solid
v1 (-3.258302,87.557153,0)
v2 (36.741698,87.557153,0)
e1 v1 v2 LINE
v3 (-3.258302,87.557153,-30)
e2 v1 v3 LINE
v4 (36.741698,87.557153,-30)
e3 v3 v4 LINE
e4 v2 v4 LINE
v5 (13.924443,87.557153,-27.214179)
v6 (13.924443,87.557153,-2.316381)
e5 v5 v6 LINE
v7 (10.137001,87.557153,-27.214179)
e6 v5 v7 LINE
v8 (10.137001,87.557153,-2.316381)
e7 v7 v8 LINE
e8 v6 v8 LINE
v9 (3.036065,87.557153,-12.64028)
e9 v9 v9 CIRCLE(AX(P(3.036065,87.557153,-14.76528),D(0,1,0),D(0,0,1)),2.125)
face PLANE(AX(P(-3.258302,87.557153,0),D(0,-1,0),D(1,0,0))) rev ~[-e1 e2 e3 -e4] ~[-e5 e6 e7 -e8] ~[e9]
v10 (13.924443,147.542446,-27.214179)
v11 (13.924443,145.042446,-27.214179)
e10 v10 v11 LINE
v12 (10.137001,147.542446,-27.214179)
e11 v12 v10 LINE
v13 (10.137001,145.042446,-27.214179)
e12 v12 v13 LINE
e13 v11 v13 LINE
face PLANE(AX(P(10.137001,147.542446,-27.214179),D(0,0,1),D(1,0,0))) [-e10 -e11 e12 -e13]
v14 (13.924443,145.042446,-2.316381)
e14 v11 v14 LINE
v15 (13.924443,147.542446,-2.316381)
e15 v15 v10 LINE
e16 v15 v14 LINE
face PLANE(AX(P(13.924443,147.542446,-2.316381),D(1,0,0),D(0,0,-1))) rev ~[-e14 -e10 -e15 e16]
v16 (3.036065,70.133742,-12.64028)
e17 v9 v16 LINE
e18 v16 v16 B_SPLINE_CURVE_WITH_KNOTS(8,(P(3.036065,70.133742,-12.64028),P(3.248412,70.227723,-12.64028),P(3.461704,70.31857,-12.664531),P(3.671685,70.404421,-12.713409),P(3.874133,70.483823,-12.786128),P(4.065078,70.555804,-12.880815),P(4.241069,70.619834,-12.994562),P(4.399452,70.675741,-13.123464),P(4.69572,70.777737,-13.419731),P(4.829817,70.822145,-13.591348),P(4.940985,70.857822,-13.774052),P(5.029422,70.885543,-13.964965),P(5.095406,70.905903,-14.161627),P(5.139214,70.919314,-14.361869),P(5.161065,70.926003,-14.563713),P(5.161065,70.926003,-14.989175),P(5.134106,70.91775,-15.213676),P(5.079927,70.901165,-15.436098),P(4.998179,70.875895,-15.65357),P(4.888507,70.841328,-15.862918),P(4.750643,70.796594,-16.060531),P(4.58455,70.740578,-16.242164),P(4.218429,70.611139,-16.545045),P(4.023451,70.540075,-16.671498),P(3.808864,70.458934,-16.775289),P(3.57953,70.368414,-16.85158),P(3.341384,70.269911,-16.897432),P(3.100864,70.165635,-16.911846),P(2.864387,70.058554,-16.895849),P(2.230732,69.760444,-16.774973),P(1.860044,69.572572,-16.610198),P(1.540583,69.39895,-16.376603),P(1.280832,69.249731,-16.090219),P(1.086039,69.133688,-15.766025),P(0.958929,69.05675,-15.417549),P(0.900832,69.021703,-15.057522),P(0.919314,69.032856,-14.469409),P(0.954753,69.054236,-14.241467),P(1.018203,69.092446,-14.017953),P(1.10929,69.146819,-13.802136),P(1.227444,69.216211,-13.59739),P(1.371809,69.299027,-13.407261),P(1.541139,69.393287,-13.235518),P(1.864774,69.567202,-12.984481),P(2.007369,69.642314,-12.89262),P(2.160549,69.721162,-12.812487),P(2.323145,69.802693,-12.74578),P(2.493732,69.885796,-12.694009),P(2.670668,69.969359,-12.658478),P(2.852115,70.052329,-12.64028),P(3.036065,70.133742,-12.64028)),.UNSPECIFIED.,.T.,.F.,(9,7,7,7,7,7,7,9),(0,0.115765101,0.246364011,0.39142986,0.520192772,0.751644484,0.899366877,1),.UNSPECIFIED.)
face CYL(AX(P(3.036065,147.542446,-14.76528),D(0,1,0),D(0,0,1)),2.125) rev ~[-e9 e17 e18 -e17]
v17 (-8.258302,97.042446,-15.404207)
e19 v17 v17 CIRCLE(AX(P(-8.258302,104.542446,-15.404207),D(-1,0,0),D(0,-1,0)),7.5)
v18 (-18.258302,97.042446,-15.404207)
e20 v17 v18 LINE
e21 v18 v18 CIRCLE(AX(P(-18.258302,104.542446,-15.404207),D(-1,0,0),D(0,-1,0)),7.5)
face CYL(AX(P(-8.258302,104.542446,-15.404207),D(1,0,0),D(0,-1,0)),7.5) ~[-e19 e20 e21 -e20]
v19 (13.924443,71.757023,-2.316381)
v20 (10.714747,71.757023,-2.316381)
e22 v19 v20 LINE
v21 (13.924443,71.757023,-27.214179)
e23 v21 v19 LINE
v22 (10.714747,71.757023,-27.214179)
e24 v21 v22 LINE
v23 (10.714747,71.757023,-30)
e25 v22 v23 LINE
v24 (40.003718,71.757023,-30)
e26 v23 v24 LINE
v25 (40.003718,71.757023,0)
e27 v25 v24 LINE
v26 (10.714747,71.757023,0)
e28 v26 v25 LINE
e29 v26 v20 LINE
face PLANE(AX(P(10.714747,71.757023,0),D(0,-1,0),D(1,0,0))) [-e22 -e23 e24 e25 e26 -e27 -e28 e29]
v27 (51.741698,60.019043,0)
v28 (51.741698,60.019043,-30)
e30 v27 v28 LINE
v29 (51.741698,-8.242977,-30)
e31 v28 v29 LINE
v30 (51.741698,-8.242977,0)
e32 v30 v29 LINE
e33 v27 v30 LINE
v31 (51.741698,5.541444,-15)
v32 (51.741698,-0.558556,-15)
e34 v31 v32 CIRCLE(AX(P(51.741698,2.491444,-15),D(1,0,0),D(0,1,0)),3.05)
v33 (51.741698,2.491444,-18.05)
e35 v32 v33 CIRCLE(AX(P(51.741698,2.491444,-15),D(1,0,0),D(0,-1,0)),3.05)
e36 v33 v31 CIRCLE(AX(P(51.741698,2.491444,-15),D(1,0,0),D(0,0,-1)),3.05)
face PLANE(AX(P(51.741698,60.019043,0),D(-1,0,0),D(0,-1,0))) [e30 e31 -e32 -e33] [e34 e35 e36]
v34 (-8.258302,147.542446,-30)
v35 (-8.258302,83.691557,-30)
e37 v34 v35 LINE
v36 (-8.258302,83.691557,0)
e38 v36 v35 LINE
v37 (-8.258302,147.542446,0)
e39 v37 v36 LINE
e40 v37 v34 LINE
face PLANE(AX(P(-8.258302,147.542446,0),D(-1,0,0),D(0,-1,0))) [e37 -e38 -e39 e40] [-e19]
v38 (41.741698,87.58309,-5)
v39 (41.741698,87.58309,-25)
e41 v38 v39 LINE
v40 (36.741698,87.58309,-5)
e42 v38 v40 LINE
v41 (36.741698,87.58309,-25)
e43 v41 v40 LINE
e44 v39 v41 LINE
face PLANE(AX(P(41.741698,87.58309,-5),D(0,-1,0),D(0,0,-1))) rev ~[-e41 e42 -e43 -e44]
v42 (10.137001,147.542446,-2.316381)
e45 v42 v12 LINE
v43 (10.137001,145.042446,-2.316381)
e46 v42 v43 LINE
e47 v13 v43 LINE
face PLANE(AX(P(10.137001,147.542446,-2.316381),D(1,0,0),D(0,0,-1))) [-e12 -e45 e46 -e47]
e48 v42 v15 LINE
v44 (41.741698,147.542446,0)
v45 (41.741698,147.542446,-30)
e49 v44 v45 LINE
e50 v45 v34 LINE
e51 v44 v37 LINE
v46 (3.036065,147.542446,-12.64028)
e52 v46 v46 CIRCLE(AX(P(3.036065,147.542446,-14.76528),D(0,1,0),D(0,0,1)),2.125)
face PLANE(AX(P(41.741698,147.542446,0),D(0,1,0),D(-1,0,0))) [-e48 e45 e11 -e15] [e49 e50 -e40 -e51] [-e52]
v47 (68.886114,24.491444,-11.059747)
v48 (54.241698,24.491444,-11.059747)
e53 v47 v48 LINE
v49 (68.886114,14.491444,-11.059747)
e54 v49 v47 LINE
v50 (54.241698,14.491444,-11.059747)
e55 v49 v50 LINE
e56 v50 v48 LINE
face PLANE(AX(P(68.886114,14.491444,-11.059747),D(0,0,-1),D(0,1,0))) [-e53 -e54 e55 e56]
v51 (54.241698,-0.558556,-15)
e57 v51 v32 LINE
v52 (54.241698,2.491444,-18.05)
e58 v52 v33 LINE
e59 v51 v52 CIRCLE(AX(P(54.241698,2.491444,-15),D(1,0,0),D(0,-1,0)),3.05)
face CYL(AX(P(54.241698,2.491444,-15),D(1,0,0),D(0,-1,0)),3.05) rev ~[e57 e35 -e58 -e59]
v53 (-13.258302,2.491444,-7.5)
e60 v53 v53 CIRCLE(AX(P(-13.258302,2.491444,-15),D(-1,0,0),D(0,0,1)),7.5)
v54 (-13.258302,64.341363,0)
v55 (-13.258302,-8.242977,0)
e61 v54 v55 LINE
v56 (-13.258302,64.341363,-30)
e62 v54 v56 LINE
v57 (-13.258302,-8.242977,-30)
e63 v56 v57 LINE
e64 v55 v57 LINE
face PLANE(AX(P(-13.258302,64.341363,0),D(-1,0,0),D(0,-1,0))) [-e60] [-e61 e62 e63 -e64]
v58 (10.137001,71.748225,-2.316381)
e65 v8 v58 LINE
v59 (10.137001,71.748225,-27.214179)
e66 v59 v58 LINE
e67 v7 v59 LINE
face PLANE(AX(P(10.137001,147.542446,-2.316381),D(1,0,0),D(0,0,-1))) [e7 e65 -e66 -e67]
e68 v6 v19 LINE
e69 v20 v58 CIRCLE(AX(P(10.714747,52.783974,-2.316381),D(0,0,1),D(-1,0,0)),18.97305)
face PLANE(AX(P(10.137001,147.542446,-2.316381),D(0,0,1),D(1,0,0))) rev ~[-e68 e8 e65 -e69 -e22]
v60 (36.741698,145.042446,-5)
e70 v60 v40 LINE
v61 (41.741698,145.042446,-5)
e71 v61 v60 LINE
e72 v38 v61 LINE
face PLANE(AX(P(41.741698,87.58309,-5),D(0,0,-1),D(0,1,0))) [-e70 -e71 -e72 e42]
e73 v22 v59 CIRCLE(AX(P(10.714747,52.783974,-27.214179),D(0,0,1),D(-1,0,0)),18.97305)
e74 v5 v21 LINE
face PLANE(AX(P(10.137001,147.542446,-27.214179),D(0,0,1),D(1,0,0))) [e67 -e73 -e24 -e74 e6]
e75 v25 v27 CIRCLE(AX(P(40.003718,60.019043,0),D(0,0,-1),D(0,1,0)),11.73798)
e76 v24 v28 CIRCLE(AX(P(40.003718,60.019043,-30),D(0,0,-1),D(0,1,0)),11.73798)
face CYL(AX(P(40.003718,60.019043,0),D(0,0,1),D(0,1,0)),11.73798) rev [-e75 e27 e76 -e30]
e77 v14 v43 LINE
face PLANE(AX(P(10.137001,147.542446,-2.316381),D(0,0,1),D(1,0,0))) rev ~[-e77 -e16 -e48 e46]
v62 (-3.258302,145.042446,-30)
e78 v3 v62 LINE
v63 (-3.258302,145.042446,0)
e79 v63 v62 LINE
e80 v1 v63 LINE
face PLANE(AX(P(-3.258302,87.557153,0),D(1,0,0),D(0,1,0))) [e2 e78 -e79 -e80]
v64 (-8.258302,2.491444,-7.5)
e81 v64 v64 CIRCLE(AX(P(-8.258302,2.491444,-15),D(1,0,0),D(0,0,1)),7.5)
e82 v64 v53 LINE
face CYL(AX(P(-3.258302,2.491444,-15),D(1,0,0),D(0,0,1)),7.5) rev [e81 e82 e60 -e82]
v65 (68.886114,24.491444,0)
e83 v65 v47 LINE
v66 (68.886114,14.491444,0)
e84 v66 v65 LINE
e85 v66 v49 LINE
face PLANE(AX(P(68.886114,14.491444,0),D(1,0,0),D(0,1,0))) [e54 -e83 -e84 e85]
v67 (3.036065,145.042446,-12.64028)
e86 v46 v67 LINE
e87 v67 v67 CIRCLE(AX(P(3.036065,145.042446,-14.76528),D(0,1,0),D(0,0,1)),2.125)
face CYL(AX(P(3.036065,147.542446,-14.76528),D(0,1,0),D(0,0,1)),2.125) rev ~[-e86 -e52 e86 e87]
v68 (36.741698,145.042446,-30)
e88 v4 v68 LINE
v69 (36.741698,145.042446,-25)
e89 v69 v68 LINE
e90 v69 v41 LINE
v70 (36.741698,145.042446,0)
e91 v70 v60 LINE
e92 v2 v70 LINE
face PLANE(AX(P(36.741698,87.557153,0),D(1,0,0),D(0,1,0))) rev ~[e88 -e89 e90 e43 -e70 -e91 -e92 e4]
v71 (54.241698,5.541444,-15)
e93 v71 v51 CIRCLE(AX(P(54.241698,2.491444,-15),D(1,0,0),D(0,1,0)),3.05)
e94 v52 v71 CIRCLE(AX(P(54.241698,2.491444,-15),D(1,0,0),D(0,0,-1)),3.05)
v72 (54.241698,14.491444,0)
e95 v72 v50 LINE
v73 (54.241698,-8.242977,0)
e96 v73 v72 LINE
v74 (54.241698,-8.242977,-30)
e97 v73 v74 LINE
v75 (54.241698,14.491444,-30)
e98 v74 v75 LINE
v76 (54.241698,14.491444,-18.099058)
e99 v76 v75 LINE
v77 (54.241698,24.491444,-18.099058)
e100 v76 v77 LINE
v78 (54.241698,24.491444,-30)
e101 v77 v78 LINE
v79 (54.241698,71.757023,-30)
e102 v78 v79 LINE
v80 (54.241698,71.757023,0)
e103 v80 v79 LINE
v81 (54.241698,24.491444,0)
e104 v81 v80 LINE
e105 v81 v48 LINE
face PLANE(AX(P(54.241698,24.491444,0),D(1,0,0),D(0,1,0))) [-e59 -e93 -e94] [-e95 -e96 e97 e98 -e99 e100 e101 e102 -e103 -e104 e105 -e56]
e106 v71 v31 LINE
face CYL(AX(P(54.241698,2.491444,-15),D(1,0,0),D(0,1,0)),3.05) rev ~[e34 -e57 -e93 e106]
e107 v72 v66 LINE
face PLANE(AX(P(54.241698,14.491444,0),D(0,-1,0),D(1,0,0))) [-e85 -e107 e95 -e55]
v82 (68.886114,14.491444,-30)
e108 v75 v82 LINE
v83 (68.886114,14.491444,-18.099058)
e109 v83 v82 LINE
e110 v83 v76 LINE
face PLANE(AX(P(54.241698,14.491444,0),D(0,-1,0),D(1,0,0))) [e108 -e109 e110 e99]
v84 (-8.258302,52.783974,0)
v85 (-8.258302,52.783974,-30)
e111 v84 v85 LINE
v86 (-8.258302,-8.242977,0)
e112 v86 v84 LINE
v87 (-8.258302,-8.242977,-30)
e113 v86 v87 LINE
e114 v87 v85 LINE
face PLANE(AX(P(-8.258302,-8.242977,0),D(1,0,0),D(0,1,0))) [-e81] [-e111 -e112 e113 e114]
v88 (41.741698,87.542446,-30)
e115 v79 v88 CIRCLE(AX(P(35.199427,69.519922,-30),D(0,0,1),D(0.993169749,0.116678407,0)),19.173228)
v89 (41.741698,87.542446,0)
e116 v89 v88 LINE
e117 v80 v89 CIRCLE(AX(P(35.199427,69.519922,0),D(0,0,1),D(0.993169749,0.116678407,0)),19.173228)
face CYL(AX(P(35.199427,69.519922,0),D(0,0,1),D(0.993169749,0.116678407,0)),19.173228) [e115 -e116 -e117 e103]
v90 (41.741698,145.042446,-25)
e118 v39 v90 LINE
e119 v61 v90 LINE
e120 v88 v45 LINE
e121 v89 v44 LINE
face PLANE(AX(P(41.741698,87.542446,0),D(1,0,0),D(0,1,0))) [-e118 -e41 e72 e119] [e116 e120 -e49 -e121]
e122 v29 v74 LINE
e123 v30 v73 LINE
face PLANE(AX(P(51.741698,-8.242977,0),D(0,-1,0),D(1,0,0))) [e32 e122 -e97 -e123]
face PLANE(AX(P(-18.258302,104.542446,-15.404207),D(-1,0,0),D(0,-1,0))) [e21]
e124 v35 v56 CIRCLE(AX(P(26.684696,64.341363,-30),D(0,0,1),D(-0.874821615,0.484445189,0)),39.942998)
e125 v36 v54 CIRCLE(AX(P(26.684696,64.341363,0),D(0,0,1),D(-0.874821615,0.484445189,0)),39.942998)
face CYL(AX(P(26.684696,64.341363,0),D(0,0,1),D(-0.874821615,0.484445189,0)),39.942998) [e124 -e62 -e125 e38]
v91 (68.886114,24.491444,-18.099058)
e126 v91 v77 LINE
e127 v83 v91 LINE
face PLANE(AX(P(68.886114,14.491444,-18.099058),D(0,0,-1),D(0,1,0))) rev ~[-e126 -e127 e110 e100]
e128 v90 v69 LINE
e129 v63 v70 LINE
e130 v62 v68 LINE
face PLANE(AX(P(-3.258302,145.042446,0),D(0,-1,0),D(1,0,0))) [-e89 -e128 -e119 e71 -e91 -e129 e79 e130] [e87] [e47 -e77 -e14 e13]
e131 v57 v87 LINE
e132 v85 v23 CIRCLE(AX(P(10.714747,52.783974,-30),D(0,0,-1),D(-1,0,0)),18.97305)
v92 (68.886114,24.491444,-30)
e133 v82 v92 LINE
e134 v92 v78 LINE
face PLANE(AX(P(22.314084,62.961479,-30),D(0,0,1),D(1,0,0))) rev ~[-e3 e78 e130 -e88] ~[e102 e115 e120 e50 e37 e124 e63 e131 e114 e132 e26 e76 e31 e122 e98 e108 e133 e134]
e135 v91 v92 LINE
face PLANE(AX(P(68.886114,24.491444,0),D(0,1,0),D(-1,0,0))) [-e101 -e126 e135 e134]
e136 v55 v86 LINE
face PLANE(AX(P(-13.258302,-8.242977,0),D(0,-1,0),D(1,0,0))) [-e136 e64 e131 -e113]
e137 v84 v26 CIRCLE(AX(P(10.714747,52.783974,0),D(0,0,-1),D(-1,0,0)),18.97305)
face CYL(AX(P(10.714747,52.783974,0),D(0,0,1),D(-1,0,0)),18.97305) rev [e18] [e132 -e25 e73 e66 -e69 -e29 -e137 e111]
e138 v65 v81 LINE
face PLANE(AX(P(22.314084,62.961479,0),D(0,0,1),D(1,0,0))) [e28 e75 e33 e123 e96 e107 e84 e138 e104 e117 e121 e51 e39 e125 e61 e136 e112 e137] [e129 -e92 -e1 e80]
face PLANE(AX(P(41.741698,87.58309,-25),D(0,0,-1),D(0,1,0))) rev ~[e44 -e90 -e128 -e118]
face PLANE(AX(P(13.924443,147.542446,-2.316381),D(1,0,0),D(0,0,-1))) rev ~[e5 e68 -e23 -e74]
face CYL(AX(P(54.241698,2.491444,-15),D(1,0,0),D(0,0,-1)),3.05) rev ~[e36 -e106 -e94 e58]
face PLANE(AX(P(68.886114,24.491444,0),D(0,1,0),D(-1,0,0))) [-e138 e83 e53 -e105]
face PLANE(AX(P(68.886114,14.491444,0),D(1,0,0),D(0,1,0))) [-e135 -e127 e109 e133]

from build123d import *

# Parameters (mm, degrees)
BOSS_EXTRUDE1_DEPTH = 30
SKETCH8_W           = 20
SKETCH8_H           = 57.459356161
CUT_EXTRUDE10_DEPTH = 10
SKETCH9_W           = 40
SKETCH9_H           = 57.485293174
CUT_EXTRUDE11_DEPTH = 166.571948334
SKETCH10_W          = 3.787442447
SKETCH10_H          = 24.89779836
CUT_EXTRUDE12_DEPTH = 173.957782681
SKETCH11_R          = 7.5
BOSS_EXTRUDE3_DEPTH = 10
SKETCH13_W          = 7.039311569
SKETCH13_H          = 10
CUT_EXTRUDE13_DEPTH = 14.644416288
CUT_EXTRUDE14_DEPTH = 10
CUT_EXTRUDE15_START = -10
SKETCH15_R          = 7.5
SKETCH15_R_2        = 3.05
CUT_EXTRUDE15_DEPTH = 10
SKETCH16_R          = 2.125
CUT_EXTRUDE16_DEPTH = 173.957782681


with BuildPart() as part:
    # Sketch1 → Boss-Extrude1 (new body)
    with BuildSketch(Plane.XY):
        with BuildLine():
            Line((-13.258302459, -8.24297657), (-8.258302459, -8.24297657))
            Line((-8.258302459, -8.24297657), (-8.258302459, 52.783973791))
            ThreePointArc((-8.258302459, 52.783973791), (-2.701224879, 66.199945851), (10.714747181, 71.75702343))
            Line((10.714747181, 71.75702343), (40.003717522, 71.75702343))
            ThreePointArc((40.003717522, 71.75702343), (48.303722791, 68.31904868), (51.741697541, 60.019043411))
            Line((51.741697541, 60.019043411), (51.741697541, -8.24297657))
            Line((51.741697541, -8.24297657), (54.241697541, -8.24297657))
            Line((54.241697541, -8.24297657), (54.241697541, 14.491444052))
            Line((54.241697541, 14.491444052), (68.88611383, 14.491444052))
            Line((68.88611383, 14.491444052), (68.88611383, 24.491444052))
            Line((68.88611383, 24.491444052), (54.241697541, 24.491444052))
            Line((54.241697541, 24.491444052), (54.241697541, 71.75702343))
            ThreePointArc((54.241697541, 71.75702343), (50.23063048, 81.422678209), (41.741697541, 87.542446084))
            Line((41.741697541, 87.542446084), (41.741697541, 147.542446084))
            Line((41.741697541, 147.542446084), (-8.258302459, 147.542446084))
            Line((-8.258302459, 147.542446084), (-8.258302459, 83.691556541))
            ThreePointArc((-8.258302459, 83.691556541), (-11.988106196, 74.334235436), (-13.258302459, 64.341363194))
            Line((-13.258302459, 64.341363194), (-13.258302459, -8.24297657))
        make_face()
    extrude(amount=-BOSS_EXTRUDE1_DEPTH)

    # Sketch8 → Cut-Extrude10 (cut)
    with BuildSketch(Plane(origin=(41.741697541, 0, 0), x_dir=(0, 0, -1), z_dir=(1, 0, 0))):
        with Locations((15, 116.312768003)):
            Rectangle(SKETCH8_W, SKETCH8_H)
    extrude(amount=-CUT_EXTRUDE10_DEPTH, mode=Mode.SUBTRACT)

    # Sketch9 → Cut-Extrude11 (cut, through all)
    with BuildSketch(Plane.XY):
        with Locations((16.741697541, 116.299799497)):
            Rectangle(SKETCH9_W, SKETCH9_H)
    extrude(amount=-CUT_EXTRUDE11_DEPTH, mode=Mode.SUBTRACT)

    # Sketch10 → Cut-Extrude12 (cut, through all)
    with BuildSketch(Plane(origin=(0, 147.542446084, 0), x_dir=(1, 0, 0), z_dir=(0, 1, 0))):
        with Locations((12.030722262, 14.765280162)):
            Rectangle(SKETCH10_W, SKETCH10_H)
    extrude(amount=-CUT_EXTRUDE12_DEPTH, mode=Mode.SUBTRACT)

    # Sketch11 → Boss-Extrude3 (add)
    with BuildSketch(Plane.ZY.offset(8.258302459)):
        with Locations(Location((-15.40420704, 104.542446084, 0), (0, 0, 270))):
            Circle(SKETCH11_R)
    extrude(amount=BOSS_EXTRUDE3_DEPTH)

    # Sketch13 → Cut-Extrude13 (cut)
    with BuildSketch(Plane(origin=(68.88611383, 0, 0), x_dir=(0, 0, -1), z_dir=(1, 0, 0))):
        with Locations((14.579402423, 19.491444052)):
            Rectangle(SKETCH13_W, SKETCH13_H)
    extrude(amount=-CUT_EXTRUDE13_DEPTH, mode=Mode.SUBTRACT)

    # Sketch14 → Cut-Extrude14 (cut)
    with BuildSketch(Plane(origin=(54.241697541, 0, 0), x_dir=(0, 0, -1), z_dir=(1, 0, 0))):
        with BuildLine():
            ThreePointArc((15, 5.541444052), (11.95, 2.491444052), (15, -0.558555948))
            Line((15, -0.558555948), (15, 5.541444052))
        make_face()
        with BuildLine():
            Line((15, 5.541444052), (15, -0.558555948))
            ThreePointArc((15, -0.558555948), (17.156675683, 0.334768369), (18.05, 2.491444052))
            ThreePointArc((18.05, 2.491444052), (17.156675683, 4.648119734), (15, 5.541444052))
        make_face()
    extrude(amount=-CUT_EXTRUDE14_DEPTH, mode=Mode.SUBTRACT)

    # Sketch15 → Cut-Extrude15 (cut)
    # profile 1 of 2: a face of its own
    with BuildSketch(Plane.ZY.offset(13.258302459).offset(CUT_EXTRUDE15_START)):
        with Locations((-15, 2.491444052)):
            Circle(SKETCH15_R)
        with Locations(Location((-15, 2.491444052, 0), (0, 0, 180))):
            Circle(SKETCH15_R_2, mode=Mode.SUBTRACT)
    # profile 2 of 2: a face of its own
    with BuildSketch(Plane.ZY.offset(13.258302459).offset(CUT_EXTRUDE15_START)):
        with Locations(Location((-15, 2.491444052, 0), (0, 0, 180))):
            Circle(SKETCH15_R_2)
    extrude(amount=CUT_EXTRUDE15_DEPTH, mode=Mode.SUBTRACT)

    # Sketch16 → Cut-Extrude16 (cut, through all)
    with BuildSketch(Plane(origin=(0, 147.542446084, 0), x_dir=(1, 0, 0), z_dir=(0, 1, 0))):
        with Locations(Location((3.036064992, 14.765280162, 0), (0, 0, 270))):
            Circle(SKETCH16_R)
    extrude(amount=-CUT_EXTRUDE16_DEPTH, mode=Mode.SUBTRACT)


solid = part.part
